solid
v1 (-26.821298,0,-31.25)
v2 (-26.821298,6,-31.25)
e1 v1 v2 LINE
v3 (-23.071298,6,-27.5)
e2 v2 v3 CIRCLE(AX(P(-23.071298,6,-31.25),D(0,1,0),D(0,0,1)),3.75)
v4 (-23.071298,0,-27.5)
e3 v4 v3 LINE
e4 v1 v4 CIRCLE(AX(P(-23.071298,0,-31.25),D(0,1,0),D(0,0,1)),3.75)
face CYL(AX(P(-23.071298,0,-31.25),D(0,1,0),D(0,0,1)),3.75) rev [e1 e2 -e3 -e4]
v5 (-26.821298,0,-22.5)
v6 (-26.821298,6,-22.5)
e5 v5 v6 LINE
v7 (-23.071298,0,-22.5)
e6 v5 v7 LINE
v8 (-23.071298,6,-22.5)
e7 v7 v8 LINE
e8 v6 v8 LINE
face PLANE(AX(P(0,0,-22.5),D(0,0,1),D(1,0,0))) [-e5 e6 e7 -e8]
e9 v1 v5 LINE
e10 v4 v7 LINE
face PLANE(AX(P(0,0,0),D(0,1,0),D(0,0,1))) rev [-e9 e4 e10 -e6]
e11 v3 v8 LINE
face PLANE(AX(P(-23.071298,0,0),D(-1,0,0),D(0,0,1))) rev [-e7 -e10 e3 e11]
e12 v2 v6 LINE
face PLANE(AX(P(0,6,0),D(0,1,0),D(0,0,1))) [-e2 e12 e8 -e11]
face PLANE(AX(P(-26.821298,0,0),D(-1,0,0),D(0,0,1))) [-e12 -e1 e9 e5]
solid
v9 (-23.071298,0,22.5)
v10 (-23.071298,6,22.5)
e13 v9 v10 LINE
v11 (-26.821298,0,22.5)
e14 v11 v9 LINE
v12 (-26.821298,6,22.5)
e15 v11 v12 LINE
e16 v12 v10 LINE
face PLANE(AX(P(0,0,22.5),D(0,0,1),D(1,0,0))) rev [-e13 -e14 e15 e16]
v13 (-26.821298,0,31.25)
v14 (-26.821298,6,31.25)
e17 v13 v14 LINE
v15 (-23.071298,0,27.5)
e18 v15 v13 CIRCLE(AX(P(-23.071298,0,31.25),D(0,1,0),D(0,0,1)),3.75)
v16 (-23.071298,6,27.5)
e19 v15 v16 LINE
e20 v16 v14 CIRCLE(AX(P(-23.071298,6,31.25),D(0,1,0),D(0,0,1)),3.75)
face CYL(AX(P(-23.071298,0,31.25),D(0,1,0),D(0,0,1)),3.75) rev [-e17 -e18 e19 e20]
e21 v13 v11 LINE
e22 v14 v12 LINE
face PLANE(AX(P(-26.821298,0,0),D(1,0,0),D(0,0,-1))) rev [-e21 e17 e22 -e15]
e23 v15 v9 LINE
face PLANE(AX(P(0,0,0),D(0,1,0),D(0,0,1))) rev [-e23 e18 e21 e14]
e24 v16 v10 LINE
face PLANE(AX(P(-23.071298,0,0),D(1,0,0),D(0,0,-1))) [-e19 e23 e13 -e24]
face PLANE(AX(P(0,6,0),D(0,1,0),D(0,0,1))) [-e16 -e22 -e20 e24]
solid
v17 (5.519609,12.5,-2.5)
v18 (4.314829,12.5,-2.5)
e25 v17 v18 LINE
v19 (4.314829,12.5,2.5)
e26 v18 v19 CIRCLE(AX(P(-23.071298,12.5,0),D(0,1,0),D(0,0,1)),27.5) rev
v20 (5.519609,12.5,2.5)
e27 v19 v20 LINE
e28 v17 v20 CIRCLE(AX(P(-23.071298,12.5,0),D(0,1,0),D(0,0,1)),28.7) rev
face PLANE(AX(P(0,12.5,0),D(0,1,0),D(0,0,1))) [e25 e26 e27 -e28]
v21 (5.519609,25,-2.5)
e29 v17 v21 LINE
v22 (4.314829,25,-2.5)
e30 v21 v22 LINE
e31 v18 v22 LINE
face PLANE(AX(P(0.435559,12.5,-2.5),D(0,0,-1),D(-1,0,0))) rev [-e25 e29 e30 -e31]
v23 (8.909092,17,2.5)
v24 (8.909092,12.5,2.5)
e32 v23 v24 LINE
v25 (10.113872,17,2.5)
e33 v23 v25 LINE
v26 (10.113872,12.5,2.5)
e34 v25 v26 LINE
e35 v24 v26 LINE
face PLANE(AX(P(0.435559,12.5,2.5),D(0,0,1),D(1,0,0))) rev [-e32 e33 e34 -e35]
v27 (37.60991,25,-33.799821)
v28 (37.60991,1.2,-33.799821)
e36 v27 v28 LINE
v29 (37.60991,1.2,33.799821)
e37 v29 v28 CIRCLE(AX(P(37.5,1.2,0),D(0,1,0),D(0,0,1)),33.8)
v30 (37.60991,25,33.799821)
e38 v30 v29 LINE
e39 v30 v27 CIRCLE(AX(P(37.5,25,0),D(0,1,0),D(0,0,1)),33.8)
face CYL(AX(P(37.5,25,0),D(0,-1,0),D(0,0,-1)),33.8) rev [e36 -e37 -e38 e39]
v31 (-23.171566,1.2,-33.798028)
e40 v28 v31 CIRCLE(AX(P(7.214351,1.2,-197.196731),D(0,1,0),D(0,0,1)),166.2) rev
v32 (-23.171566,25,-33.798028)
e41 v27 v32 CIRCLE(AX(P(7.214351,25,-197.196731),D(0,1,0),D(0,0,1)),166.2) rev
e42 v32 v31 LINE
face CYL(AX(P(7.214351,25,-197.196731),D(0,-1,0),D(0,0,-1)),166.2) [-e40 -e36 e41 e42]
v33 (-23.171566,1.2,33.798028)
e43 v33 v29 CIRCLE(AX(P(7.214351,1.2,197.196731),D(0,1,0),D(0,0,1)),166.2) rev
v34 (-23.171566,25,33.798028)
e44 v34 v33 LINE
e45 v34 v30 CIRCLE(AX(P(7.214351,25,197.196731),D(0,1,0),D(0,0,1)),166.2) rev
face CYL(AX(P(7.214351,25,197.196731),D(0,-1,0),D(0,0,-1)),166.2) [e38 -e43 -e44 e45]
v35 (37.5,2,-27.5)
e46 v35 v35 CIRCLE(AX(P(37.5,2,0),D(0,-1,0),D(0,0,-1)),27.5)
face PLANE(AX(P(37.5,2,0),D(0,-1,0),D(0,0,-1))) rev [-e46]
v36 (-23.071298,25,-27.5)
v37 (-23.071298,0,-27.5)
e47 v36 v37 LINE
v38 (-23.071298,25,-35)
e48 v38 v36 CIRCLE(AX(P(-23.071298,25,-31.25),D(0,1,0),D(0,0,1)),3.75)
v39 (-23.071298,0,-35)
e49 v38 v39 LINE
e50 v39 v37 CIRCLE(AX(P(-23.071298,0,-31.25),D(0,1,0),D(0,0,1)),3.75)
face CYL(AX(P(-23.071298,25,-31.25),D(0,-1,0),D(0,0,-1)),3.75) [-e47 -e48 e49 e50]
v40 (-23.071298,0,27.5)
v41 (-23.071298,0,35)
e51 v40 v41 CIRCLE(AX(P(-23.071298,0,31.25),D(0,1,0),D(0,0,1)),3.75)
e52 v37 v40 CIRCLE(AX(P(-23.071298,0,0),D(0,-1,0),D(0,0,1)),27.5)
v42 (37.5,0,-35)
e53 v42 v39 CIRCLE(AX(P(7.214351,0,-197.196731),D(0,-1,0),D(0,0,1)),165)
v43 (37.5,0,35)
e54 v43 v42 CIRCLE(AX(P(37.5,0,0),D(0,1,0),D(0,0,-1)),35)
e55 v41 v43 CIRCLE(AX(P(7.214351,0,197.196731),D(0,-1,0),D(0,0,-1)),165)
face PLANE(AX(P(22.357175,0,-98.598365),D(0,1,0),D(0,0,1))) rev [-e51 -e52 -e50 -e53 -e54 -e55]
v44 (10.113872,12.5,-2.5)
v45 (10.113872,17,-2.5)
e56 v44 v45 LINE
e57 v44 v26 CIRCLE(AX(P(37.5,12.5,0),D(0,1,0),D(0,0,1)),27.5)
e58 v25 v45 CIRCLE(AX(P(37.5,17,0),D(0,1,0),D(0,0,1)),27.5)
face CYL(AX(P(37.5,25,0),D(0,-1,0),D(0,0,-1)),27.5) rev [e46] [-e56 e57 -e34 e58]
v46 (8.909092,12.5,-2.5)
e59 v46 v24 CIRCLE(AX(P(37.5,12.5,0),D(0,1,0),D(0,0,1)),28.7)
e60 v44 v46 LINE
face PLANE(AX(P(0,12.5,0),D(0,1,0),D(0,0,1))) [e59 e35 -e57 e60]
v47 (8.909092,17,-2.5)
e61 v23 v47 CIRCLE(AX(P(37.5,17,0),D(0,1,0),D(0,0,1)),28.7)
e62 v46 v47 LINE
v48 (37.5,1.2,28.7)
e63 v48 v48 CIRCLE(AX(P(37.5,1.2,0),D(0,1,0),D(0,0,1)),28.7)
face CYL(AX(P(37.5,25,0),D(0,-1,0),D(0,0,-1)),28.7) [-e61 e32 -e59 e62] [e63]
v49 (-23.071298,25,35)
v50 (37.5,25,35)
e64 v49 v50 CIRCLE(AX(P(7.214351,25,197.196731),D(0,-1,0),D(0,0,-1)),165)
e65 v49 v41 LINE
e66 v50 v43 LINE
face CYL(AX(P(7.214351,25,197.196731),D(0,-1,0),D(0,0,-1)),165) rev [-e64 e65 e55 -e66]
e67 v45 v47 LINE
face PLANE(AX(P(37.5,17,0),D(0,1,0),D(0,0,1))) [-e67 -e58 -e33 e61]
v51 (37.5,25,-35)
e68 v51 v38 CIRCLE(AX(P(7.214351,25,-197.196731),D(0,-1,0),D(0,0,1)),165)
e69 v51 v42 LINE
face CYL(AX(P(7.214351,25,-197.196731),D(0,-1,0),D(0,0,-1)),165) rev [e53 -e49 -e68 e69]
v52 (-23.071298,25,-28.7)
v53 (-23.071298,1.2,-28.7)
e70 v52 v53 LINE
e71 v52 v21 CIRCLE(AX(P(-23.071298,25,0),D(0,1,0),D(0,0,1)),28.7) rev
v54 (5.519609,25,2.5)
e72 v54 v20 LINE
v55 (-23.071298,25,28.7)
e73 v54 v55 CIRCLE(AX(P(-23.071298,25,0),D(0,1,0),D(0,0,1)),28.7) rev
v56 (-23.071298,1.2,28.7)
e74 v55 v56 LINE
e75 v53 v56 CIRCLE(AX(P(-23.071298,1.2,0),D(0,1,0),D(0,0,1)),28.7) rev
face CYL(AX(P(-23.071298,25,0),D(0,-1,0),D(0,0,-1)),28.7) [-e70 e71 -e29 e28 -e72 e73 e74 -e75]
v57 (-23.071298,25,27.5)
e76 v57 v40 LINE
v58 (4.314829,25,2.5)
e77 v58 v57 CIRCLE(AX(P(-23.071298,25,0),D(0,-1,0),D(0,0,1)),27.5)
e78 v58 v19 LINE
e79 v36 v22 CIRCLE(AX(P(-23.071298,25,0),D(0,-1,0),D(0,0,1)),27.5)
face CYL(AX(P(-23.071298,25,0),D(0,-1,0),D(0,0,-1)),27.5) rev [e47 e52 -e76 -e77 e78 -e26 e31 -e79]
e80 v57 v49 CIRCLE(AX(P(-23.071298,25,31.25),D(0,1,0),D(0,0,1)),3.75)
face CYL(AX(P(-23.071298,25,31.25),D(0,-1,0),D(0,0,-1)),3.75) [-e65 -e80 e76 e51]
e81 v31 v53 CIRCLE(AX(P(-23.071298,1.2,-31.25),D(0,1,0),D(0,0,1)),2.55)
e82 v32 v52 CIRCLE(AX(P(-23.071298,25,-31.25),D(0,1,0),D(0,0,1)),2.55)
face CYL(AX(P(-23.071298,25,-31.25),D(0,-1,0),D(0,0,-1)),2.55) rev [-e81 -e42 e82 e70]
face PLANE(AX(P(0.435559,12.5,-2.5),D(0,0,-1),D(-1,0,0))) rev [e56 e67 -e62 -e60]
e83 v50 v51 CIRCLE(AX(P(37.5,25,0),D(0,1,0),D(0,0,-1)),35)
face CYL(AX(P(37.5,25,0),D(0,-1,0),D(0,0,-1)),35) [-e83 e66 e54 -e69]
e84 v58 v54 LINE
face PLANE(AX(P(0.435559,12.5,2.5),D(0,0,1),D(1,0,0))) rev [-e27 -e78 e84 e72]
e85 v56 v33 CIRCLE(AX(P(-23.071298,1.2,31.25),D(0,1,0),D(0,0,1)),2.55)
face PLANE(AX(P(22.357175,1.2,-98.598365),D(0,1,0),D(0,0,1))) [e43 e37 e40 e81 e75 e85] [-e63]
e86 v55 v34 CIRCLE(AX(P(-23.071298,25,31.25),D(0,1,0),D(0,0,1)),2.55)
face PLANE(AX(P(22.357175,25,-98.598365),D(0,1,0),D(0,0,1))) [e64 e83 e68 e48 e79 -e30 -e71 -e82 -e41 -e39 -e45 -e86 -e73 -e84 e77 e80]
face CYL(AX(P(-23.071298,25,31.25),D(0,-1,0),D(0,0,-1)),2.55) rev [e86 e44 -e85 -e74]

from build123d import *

# Parameters (mm, degrees)
CROQUIS1_R              = 27.5
SALIENTE_EXTRUIR1_DEPTH = 25
VACIADO3_T              = -1.2
CROQUIS5_R              = 29.5
CORTAR_EXTRUIR1_DEPTH   = 8
CROQUIS6_R              = 27.5
SALIENTE_EXTRUIR4_DEPTH = 2
CROQUIS7_W              = 3.75
CROQUIS7_H              = 5
SALIENTE_EXTRUIR5_DEPTH = 25
CORTAR_EXTRUIR2_DEPTH   = 19
CROQUIS9_W              = 14.993348068
CROQUIS9_H              = 5
CORTAR_EXTRUIR3_DEPTH   = 12.5


with BuildPart() as part:
    # Croquis1 → Saliente-Extruir1 (new body)
    with BuildSketch(Plane(origin=(0, 0, 0), x_dir=(1, 0, 0), z_dir=(0, 1, 0))):
        with BuildLine():
            ThreePointArc((-23.07129847, -27.5), (4.42870153, 0), (-23.07129847, 27.5))
            ThreePointArc((-23.07129847, 27.5), (-26.82129847, 31.25), (-23.07129847, 35))
            ThreePointArc((-23.07129847, 35), (7.214350765, 32.196730702), (37.5, 35))
            ThreePointArc((37.5, 35), (72.5, 0), (37.5, -35))
            ThreePointArc((37.5, -35), (7.214350765, -32.196730702), (-23.07129847, -35))
            ThreePointArc((-23.07129847, -35), (-26.82129847, -31.25), (-23.07129847, -27.5))
        make_face()
        with Locations((37.5, 0)):
            Circle(CROQUIS1_R, mode=Mode.SUBTRACT)
    extrude(amount=SALIENTE_EXTRUIR1_DEPTH)

    # Vaciado3
    vaciado3_openings = [part.faces().sort_by_distance(p)[0] for p in [
        (6.28580102, 25, 0),
    ]]
    offset(amount=VACIADO3_T, openings=vaciado3_openings, kind=Kind.INTERSECTION)

    # Croquis5 → Cortar-Extruir1 (cut)
    with BuildSketch(Plane(origin=(0, 25, 0), x_dir=(1, 0, 0), z_dir=(0, 1, 0))):
        with Locations((37.5, 0)):
            Circle(CROQUIS5_R)
    extrude(amount=-CORTAR_EXTRUIR1_DEPTH, mode=Mode.SUBTRACT)

    # Croquis6 → Saliente-Extruir4 (add)
    with BuildSketch(Plane.XZ):
        with Locations((37.5, 0)):
            Circle(CROQUIS6_R)
    extrude(amount=-SALIENTE_EXTRUIR4_DEPTH)

    # Croquis9 → Cortar-Extruir3 (cut)
    with BuildSketch(Plane(origin=(0, 25, 0), x_dir=(1, 0, 0), z_dir=(0, 1, 0))):
        with Locations((7.932233181, 0)):
            Rectangle(CROQUIS9_W, CROQUIS9_H)
    extrude(amount=-CORTAR_EXTRUIR3_DEPTH, mode=Mode.SUBTRACT)


with BuildPart() as body_2:
    # Croquis7 → Saliente-Extruir5 (new body)
    with BuildSketch(Plane(origin=(0, 25, 0), x_dir=(1, 0, 0), z_dir=(0, 1, 0))):
        with BuildLine():
            ThreePointArc((-26.82129847, -31.25), (-25.7229489, -28.598349571), (-23.07129847, -27.5))
            Line((-23.07129847, -27.5), (-23.07129847, -22.5))
            Line((-23.07129847, -22.5), (-26.82129847, -22.5))
            Line((-26.82129847, -22.5), (-26.82129847, -27.5))
            Line((-26.82129847, -27.5), (-26.82129847, -31.25))
        make_face()
        with BuildLine():
            ThreePointArc((-23.07129847, 27.5), (-25.7229489, 28.598349571), (-26.82129847, 31.25))
            Line((-26.82129847, 31.25), (-26.82129847, 27.5))
            Line((-26.82129847, 27.5), (-23.07129847, 27.5))
        make_face()
        with Locations((-24.94629847, 25)):
            Rectangle(CROQUIS7_W, CROQUIS7_H)
    extrude(amount=-SALIENTE_EXTRUIR5_DEPTH)

    # Croquis8 → Cortar-Extruir2 (cut)
    with BuildSketch(Plane(origin=(0, 25, 0), x_dir=(1, 0, 0), z_dir=(0, 1, 0))):
        with BuildLine():
            ThreePointArc((-23.07129847, 27.5), (-25.7229489, 28.598349571), (-26.82129847, 31.25))
            Line((-26.82129847, 31.25), (-26.82129847, 22.5))
            Line((-26.82129847, 22.5), (-23.07129847, 22.5))
            Line((-23.07129847, 22.5), (-23.07129847, 27.5))
        make_face()
        with BuildLine():
            Line((-23.07129847, -22.5), (-26.82129847, -22.5))
            Line((-26.82129847, -22.5), (-26.82129847, -31.25))
            ThreePointArc((-26.82129847, -31.25), (-25.7229489, -28.598349571), (-23.07129847, -27.5))
            Line((-23.07129847, -27.5), (-23.07129847, -22.5))
        make_face()
    extrude(amount=-CORTAR_EXTRUIR2_DEPTH, mode=Mode.SUBTRACT)


solid = Compound([part.part, body_2.part])
